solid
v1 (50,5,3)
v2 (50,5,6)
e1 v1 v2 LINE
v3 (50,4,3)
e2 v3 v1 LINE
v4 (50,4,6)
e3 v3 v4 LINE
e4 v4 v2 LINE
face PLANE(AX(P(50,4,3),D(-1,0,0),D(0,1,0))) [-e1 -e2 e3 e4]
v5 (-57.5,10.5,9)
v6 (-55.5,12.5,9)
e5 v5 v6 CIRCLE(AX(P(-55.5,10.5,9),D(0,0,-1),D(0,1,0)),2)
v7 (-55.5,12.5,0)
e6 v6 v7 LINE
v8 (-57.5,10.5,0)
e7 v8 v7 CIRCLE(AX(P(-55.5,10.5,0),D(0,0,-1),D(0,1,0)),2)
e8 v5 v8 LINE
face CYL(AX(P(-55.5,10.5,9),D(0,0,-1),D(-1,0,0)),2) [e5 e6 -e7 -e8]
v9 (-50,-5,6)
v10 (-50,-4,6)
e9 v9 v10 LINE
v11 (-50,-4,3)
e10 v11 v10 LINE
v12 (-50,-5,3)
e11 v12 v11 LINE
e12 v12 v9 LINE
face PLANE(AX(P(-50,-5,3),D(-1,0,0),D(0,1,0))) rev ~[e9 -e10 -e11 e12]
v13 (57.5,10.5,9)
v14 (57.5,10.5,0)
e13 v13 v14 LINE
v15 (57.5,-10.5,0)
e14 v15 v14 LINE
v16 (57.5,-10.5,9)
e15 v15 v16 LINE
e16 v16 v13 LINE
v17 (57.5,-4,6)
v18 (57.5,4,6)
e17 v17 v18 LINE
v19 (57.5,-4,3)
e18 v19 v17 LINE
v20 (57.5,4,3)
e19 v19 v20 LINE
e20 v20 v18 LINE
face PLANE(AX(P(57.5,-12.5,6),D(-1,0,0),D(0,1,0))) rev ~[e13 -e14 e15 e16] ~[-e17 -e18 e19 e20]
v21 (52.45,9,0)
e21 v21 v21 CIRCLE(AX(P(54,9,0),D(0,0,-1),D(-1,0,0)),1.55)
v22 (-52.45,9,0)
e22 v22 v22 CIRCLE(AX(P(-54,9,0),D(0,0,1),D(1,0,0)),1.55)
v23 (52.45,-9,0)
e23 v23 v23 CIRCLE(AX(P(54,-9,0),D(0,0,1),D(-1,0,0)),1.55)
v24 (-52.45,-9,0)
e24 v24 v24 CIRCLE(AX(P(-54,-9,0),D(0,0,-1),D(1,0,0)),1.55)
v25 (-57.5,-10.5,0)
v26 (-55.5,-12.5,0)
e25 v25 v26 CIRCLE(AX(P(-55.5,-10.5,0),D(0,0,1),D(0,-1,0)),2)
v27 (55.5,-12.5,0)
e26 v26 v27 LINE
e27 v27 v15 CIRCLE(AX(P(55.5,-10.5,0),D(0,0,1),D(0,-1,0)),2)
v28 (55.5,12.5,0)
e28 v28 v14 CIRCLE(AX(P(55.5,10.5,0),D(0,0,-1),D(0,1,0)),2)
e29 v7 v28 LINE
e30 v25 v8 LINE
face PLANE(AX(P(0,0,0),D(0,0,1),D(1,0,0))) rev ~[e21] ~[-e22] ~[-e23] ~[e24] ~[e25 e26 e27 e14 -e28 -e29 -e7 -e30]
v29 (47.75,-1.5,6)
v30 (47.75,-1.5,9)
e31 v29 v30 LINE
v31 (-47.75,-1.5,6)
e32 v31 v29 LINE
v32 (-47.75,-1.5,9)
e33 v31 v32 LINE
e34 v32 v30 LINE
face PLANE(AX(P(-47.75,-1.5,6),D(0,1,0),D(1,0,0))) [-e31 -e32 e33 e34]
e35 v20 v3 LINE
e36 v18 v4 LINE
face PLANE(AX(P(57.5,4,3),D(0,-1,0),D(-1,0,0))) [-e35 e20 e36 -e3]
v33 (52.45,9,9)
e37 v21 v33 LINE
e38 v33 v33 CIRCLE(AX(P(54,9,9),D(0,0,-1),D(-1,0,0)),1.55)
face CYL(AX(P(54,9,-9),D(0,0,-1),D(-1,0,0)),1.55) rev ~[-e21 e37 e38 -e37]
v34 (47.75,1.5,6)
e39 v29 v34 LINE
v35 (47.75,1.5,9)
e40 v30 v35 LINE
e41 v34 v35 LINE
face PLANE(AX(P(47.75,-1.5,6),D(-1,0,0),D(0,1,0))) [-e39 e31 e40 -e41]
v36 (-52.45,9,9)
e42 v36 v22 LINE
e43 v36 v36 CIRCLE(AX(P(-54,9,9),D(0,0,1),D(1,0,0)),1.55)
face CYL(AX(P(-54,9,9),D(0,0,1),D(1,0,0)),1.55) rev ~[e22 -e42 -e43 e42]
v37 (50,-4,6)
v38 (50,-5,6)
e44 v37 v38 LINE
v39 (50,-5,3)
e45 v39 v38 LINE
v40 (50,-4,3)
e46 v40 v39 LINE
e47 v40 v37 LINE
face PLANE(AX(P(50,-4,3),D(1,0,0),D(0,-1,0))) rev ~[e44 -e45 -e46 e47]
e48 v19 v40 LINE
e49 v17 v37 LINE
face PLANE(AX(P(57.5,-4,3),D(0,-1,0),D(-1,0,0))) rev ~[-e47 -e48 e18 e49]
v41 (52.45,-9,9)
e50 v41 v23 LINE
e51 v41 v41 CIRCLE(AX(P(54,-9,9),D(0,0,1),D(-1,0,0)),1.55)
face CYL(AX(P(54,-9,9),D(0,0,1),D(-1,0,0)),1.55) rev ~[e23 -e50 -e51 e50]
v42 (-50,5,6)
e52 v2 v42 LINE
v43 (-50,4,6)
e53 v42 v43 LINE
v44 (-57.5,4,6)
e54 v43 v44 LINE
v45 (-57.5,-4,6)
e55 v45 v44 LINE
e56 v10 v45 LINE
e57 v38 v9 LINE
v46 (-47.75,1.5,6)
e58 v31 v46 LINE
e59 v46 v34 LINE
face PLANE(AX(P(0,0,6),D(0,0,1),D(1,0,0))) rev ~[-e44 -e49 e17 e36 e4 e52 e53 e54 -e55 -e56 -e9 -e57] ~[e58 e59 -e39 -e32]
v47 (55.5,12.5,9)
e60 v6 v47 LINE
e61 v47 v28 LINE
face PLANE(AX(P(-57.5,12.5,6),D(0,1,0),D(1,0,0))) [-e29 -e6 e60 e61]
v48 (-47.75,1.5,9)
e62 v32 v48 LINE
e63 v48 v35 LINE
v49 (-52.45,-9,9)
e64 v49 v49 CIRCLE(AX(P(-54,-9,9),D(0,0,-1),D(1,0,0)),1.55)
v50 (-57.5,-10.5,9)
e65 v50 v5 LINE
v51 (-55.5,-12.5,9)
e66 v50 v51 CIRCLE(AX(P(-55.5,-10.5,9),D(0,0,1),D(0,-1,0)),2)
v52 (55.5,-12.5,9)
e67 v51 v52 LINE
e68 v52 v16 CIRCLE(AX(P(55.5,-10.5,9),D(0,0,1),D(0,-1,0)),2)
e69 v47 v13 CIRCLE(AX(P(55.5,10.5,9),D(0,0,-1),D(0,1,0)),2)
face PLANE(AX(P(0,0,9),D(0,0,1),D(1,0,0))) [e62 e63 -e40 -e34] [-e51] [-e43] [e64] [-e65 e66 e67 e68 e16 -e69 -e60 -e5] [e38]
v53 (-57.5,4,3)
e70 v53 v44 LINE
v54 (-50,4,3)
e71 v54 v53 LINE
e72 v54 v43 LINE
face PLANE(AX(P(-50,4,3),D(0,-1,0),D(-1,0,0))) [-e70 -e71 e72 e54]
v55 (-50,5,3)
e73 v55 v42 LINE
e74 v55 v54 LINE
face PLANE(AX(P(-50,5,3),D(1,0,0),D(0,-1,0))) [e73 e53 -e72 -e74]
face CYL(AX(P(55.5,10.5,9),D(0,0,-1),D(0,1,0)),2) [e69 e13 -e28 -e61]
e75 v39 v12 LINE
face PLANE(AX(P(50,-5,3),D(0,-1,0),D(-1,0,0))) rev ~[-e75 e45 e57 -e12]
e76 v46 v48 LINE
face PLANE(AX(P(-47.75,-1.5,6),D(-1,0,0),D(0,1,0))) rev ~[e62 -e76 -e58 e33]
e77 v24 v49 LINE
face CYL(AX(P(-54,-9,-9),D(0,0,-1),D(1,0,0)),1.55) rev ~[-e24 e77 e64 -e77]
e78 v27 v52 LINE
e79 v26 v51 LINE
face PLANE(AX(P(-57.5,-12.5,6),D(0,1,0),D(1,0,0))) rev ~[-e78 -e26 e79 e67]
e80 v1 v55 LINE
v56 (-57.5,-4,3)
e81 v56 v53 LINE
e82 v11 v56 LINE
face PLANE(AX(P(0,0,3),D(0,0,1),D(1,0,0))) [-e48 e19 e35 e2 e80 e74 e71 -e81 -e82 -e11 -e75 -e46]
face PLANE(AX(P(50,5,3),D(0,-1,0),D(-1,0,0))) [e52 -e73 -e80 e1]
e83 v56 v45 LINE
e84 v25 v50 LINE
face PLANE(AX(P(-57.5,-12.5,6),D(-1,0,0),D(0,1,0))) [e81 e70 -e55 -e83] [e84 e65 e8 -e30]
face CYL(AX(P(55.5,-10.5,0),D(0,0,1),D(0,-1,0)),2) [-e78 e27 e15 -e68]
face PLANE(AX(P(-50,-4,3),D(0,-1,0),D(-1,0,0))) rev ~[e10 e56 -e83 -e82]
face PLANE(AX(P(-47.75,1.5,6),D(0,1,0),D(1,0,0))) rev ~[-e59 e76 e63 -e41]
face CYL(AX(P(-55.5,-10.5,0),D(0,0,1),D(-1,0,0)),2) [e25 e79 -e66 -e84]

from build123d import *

# Parameters (mm, degrees)
SKETCH_W              = 115
SKETCH_H              = 25
PAD_DEPTH             = 3
PAD001_DEPTH          = 3
SKETCH002_W           = 115
SKETCH002_H           = 25
SKETCH002_W_2         = 95.5
SKETCH002_H_2         = 3
PAD002_DEPTH          = 3
SKETCH003_R           = 1.55
POCKET_DEPTH          = 245.060315
POLARPATTERN_COUNT    = 2
POLARPATTERN001_COUNT = 2
POLARPATTERN002_COUNT = 2
FILLET_R              = 2


with BuildPart() as part:
    # Sketch → Pad (new body)
    with BuildSketch(Plane.XY):
        Rectangle(SKETCH_W, SKETCH_H)
    extrude(amount=PAD_DEPTH)

    # Sketch001 (on Face6 of Pad) → Pad001 (join)
    with BuildSketch(Plane.XY.offset(3)):
        Polygon((-57.5, 12.5), (57.5, 12.5), (57.5, 4), (50, 4), (50, 5), (-50, 5), (-50, 4), (-57.5, 4), align=None)
        Polygon((-57.5, -12.5), (57.5, -12.5), (57.5, -4), (50, -4), (50, -5), (-50, -5), (-50, -4), (-57.5, -4), align=None)
    extrude(amount=PAD001_DEPTH)

    # Sketch002 (on Face12 of Pad001) → Pad002 (join)
    with BuildSketch(Plane.XY.offset(6)):
        Rectangle(SKETCH002_W, SKETCH002_H)
        Rectangle(SKETCH002_W_2, SKETCH002_H_2, mode=Mode.SUBTRACT)
    extrude(amount=PAD002_DEPTH)

    # Sketch003 (on Face26 of Pad002) → Pocket (cut, through all)
    with BuildSketch(Plane.XY.offset(9)):
        with Locations((-54, 9)):
            Circle(SKETCH003_R)
    pocket = extrude(amount=-POCKET_DEPTH, mode=Mode.SUBTRACT)

    # PolarPattern: Pocket ×2 about axis
    polarpattern_axis = Axis((0, 0, 0), (0, 1, 0))
    for i in range(1, POLARPATTERN_COUNT):
        add(pocket.rotate(polarpattern_axis, i * 360 / POLARPATTERN_COUNT), mode=Mode.SUBTRACT)

    # PolarPattern001: Pocket ×2 about axis
    polarpattern001_axis = Axis((0, 0, 0), (1, 0, 0))
    for i in range(1, POLARPATTERN001_COUNT):
        add(pocket.rotate(polarpattern001_axis, i * 360 / POLARPATTERN001_COUNT), mode=Mode.SUBTRACT)

    # PolarPattern002: Pocket ×2 about axis
    polarpattern002_axis = Axis((0, 0, 9), (0, 0, 1))
    for i in range(1, POLARPATTERN002_COUNT):
        add(pocket.rotate(polarpattern002_axis, i * 360 / POLARPATTERN002_COUNT), mode=Mode.SUBTRACT)

    # Fillet
    fillet_edges = [part.edges().sort_by_distance(p)[0] for p in [
        (57.5, 12.5, 7.5),
        (57.5, 12.5, 4.5),
        (57.5, 12.5, 1.5),
        (57.5, -12.5, 7.5),
        (-57.5, 12.5, 7.5),
        (-57.5, -12.5, 7.5),
    ]]
    fillet(fillet_edges, radius=FILLET_R)


solid = part.part
